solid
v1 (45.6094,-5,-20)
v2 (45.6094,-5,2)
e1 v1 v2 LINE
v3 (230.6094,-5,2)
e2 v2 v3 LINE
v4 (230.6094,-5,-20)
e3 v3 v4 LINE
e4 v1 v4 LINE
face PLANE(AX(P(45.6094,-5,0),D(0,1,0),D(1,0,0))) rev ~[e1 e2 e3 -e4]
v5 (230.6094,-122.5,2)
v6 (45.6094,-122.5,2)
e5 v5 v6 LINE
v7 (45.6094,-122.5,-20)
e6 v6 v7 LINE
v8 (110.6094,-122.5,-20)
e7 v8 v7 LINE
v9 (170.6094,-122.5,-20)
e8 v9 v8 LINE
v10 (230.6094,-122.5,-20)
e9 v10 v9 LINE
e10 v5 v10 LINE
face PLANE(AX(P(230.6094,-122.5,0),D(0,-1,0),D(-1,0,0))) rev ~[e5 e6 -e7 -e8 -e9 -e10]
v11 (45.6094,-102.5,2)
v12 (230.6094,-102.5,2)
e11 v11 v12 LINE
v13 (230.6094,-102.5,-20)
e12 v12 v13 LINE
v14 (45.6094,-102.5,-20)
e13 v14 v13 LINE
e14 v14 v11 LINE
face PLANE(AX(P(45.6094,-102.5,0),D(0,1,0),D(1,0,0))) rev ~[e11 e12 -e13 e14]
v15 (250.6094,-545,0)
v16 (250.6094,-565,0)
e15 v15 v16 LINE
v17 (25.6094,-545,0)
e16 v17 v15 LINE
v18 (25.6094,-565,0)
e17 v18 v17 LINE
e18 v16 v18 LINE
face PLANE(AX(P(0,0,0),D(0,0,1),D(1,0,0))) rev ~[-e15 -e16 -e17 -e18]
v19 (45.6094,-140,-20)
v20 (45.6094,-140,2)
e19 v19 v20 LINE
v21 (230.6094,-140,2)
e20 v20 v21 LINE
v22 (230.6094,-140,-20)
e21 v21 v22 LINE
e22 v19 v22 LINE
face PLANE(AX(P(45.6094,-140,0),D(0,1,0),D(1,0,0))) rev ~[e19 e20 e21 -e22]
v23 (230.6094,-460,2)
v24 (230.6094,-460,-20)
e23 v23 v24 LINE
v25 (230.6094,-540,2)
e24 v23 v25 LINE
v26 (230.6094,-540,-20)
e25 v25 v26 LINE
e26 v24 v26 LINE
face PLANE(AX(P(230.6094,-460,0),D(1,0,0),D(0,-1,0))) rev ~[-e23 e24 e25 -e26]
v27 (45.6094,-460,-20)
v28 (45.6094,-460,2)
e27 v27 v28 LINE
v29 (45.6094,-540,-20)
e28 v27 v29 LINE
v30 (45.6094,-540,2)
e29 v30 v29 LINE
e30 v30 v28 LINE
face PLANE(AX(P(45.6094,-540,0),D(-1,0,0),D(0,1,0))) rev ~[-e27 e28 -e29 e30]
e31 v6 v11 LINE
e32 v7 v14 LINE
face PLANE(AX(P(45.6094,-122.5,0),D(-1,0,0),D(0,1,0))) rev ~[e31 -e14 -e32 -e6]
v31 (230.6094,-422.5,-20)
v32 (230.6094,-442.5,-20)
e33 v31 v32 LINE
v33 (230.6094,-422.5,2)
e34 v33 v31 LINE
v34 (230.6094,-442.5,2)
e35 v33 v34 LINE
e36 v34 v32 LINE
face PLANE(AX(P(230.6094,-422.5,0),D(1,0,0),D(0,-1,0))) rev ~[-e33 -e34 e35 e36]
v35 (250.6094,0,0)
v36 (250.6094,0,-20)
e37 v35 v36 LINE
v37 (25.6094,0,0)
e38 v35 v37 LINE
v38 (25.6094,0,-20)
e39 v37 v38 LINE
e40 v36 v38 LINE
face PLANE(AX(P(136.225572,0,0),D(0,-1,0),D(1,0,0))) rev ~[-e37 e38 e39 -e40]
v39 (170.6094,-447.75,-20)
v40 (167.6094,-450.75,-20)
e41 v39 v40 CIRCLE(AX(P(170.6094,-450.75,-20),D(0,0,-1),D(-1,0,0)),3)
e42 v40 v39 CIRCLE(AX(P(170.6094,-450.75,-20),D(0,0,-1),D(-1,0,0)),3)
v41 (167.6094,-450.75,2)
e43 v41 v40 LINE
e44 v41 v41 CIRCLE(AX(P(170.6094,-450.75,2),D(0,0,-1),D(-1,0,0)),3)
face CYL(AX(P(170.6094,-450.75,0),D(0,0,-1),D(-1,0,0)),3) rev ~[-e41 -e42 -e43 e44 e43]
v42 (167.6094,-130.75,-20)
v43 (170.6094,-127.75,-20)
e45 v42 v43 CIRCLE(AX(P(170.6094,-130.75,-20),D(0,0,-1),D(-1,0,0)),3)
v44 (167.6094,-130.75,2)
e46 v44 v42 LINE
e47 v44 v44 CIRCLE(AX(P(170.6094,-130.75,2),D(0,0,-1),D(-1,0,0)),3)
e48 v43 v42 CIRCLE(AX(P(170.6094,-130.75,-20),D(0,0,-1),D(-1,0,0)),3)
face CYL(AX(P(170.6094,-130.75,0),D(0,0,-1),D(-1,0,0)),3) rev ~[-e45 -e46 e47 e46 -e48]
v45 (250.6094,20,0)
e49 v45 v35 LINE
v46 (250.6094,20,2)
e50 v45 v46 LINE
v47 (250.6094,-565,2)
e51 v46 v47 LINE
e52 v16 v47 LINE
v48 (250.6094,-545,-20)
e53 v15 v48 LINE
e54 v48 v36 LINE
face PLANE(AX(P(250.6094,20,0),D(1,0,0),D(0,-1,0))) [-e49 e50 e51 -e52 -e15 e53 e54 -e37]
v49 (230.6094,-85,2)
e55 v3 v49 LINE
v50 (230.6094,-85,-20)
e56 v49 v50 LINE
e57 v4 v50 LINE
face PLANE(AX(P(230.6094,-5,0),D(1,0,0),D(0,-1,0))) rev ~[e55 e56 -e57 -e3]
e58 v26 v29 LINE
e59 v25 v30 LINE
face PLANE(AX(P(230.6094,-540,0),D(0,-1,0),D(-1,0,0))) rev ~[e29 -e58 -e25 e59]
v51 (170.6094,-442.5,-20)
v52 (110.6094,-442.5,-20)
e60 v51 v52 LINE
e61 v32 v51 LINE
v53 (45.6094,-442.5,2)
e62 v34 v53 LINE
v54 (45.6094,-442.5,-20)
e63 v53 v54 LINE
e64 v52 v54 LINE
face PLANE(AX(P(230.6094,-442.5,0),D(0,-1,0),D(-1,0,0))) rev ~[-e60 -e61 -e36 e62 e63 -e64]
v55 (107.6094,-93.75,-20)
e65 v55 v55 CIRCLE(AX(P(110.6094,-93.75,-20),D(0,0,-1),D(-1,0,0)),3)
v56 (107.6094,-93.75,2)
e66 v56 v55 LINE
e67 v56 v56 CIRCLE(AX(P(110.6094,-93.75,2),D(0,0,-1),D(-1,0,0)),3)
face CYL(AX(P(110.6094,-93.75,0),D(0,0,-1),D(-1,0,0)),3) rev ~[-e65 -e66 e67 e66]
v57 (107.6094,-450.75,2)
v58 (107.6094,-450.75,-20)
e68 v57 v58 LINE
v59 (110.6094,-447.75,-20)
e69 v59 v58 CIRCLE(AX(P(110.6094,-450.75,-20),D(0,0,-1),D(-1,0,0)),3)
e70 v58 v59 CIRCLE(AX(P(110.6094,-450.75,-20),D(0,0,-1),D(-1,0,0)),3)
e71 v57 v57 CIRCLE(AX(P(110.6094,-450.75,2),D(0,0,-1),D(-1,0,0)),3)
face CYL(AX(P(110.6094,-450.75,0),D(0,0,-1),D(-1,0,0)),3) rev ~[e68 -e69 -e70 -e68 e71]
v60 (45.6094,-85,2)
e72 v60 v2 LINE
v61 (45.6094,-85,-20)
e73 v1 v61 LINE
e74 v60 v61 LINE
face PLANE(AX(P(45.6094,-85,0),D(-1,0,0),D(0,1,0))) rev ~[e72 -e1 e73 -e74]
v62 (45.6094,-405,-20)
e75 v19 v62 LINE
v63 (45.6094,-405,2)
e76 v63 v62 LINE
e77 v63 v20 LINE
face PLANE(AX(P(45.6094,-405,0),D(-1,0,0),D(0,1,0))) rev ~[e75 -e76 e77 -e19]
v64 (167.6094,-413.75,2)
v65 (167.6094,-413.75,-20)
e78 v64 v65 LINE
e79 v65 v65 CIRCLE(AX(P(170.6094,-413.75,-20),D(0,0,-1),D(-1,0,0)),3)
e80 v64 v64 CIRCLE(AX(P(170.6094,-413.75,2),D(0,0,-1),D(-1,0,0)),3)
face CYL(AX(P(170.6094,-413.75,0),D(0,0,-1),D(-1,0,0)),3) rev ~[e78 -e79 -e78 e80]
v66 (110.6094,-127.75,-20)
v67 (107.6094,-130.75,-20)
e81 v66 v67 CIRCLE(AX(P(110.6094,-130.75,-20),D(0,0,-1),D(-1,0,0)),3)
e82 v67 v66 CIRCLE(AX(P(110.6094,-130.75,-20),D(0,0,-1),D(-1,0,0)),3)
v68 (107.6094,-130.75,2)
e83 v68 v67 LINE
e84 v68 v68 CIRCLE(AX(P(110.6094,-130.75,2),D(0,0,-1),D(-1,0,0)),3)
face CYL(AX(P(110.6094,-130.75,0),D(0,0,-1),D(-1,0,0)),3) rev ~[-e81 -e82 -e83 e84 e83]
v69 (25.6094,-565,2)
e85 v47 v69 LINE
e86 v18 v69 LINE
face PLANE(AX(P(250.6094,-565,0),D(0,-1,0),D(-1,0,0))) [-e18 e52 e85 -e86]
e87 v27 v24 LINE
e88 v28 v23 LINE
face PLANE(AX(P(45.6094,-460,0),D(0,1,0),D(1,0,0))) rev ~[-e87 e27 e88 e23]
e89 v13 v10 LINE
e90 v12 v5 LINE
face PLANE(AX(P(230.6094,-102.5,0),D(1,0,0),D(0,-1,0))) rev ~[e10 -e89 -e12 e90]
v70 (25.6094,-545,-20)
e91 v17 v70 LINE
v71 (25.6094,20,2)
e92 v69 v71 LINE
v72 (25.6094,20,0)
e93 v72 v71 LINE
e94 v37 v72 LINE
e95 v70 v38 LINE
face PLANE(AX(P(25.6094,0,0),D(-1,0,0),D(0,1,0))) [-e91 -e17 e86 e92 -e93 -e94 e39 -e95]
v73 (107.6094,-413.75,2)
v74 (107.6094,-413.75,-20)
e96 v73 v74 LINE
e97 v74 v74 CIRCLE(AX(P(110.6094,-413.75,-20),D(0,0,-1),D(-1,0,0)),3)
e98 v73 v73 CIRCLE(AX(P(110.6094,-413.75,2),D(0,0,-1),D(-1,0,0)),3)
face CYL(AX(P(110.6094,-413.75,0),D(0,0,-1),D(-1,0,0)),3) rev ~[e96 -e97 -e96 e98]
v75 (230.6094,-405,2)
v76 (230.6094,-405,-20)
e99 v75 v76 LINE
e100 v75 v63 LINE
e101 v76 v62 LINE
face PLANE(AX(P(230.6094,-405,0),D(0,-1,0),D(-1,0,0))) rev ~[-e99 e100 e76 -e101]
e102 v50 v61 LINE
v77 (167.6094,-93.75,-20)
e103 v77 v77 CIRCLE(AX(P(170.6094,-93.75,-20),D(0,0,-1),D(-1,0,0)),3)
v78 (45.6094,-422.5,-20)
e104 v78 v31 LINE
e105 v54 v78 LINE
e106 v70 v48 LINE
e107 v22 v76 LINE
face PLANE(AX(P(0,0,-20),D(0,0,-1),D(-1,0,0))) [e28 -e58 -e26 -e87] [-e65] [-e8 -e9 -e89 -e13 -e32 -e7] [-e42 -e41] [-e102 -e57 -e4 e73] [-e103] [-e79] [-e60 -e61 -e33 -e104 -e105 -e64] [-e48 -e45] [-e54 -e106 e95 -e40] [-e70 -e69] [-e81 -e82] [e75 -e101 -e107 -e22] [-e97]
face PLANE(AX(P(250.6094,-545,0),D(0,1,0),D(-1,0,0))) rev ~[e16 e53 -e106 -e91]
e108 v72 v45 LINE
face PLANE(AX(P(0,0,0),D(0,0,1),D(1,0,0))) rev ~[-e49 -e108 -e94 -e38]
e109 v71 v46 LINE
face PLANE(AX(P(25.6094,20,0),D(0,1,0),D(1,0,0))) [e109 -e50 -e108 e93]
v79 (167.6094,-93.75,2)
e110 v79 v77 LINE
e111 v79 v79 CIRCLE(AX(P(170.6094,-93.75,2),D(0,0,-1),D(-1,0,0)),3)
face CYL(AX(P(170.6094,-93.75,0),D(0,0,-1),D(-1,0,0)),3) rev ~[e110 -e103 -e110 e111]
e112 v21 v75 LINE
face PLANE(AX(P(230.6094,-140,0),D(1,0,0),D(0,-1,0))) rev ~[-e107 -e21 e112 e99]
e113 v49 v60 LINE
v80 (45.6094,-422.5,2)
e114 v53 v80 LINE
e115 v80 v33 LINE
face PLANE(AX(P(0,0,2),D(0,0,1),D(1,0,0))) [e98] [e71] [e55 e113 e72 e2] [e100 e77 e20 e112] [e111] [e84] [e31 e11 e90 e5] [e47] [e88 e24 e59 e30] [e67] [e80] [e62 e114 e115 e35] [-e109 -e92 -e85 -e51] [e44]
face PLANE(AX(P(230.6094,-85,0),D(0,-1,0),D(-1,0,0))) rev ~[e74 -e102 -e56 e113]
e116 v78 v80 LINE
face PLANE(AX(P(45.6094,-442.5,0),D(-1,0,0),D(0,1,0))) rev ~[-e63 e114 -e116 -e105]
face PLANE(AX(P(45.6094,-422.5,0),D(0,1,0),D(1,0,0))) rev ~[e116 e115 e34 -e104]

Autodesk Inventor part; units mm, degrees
ref_plane "YZ Plane" through (0, 0, 0) normal (1, 0, 0) x (0, 1, 0)
ref_plane "XZ Plane" through (0, 0, 0) normal (0, 1, 0) x (-1, 0, 0)
ref_plane "XY Plane" through (0, 0, 0) normal (0, 0, 1) x (1, 0, 0)
sketch "草圖1" plane through (0, 0, 0) normal (0, 0, 1) x (1, 0, 0)
  line L0 (0, 0) -> (25, 0)
  line L1 (25.6094, 0) -> (25.6094, 20)
  line L2 (25.6094, 20) -> (250.6094, 20)
  line L3 (250.6094, 20) -> (250.6094, -565)
  line L4 (250.6094, -565) -> (25.6094, -565)
  line L5 (25.6094, -565) -> (25.6094, 20)
  line L6 (25.6094, 0) -> (25.6094, -5)
  line L7 (45.6094, -5) -> (230.6094, -5)
  line L8 (230.6094, -5) -> (230.6094, -85)
  line L9 (230.6094, -85) -> (45.6094, -85)
  line L10 (45.6094, -85) -> (45.6094, -5)
  line L11 (45.6094, -102.5) -> (230.6094, -102.5)
  line L12 (230.6094, -102.5) -> (230.6094, -122.5)
  line L13 (230.6094, -122.5) -> (45.6094, -122.5)
  line L14 (45.6094, -122.5) -> (45.6094, -102.5)
  line L15 (45.6094, -140) -> (230.6094, -140)
  line L16 (230.6094, -140) -> (230.6094, -405)
  line L17 (230.6094, -405) -> (45.6094, -405)
  line L18 (45.6094, -405) -> (45.6094, -140)
  line L19 (45.6094, -422.5) -> (230.6094, -422.5)
  line L20 (230.6094, -422.5) -> (230.6094, -442.5)
  line L21 (230.6094, -442.5) -> (45.6094, -442.5)
  line L22 (45.6094, -442.5) -> (45.6094, -422.5)
  line L23 (45.6094, -460) -> (230.6094, -460)
  line L24 (230.6094, -460) -> (230.6094, -540)
  line L25 (230.6094, -540) -> (45.6094, -540)
  line L26 (45.6094, -540) -> (45.6094, -460)
  dimension "d0" = 25
  dimension "d1" = 20
  dimension "d2" = 225
  dimension "d3" = 585
  dimension "d4" = 5
  dimension "d6" = 20
  dimension "d9" = 185
  dimension "d10" = 80
  dimension "d11" = 185
  dimension "d13" = 185
  dimension "d14" = 20
  dimension "d16" = 185
  dimension "d17" = 265
  dimension "d19" = 185
  dimension "d20" = 20
  dimension "d22" = 185
  dimension "d23" = 80
extrude "擠出1" add sketch "草圖1" along normal blind 2
sketch "草圖2" plane through (0, 0, 0) normal (0, 0, -1) x (-1, 0, 0)
  line L0 (-250.6094, -565) -> (-250.6094, 20) projected
  line L1 (-250.6094, -565) -> (-250.6094, -545)
  line L2 (-25.6094, 20) -> (-25.6094, -565) projected
  line L3 (-250.6094, -545) -> (-25.6094, -545)
  line L4 (-25.6094, -545) -> (-25.6094, 0)
  line L5 (-25.6094, 0) -> (-250.6094, 0)
  line L6 (-250.6094, 0) -> (-250.6094, -545)
  line L7 (-230.6094, -460) -> (-230.6094, -540) projected
  line L8 (-45.6094, -540) -> (-45.6094, -460) projected
  line L9 (-230.6094, -540) -> (-45.6094, -540)
  line L10 (-45.6094, -540) -> (-45.6094, -460)
  line L11 (-45.6094, -460) -> (-230.6094, -460)
  line L12 (-230.6094, -460) -> (-230.6094, -540)
  line L13 (-230.6094, -442.5) -> (-45.6094, -442.5) projected
  line L14 (-230.6094, -442.5) -> (-45.6094, -442.5)
  line L15 (-45.6094, -442.5) -> (-45.6094, -422.5)
  line L16 (-45.6094, -422.5) -> (-230.6094, -422.5)
  line L17 (-230.6094, -422.5) -> (-230.6094, -442.5)
  line L18 (-230.6094, -405) -> (-45.6094, -405) projected
  line L19 (-230.6094, -405) -> (-45.6094, -405)
  line L20 (-45.6094, -405) -> (-45.6094, -140)
  line L21 (-45.6094, -140) -> (-230.6094, -140)
  line L22 (-230.6094, -140) -> (-230.6094, -405)
  line L23 (-230.6094, -122.5) -> (-45.6094, -122.5) projected
  line L24 (-45.6094, -102.5) -> (-230.6094, -102.5) projected
  line L25 (-230.6094, -122.5) -> (-45.6094, -122.5)
  line L26 (-45.6094, -122.5) -> (-45.6094, -102.5)
  line L27 (-45.6094, -102.5) -> (-230.6094, -102.5)
  line L28 (-230.6094, -102.5) -> (-230.6094, -122.5)
  line L29 (-230.6094, -85) -> (-45.6094, -85) projected
  line L30 (-45.6094, -5) -> (-230.6094, -5) projected
  line L31 (-230.6094, -85) -> (-45.6094, -85)
  line L32 (-45.6094, -85) -> (-45.6094, -5)
  line L33 (-45.6094, -5) -> (-230.6094, -5)
  line L34 (-230.6094, -5) -> (-230.6094, -85)
  circle A0 centre (-25.6094, -102.5) radius 8.75
  line L35 (-25.6094, 20) -> (-25.6094, -565) projected
  circle A1 centre (-25.6094, -93.75) radius 85
  circle A2 centre (-25.6094, -93.75) radius 145
  circle A3 centre (-170.6094, -93.75) radius 3
  circle A4 centre (-110.6094, -93.75) radius 3
  line L36 (-170.6094, -93.75) -> (-170.6094, -130.75)
  line L37 (-110.6094, -93.75) -> (-110.6094, -130.75)
  circle A5 centre (-110.6094, -130.75) radius 3
  circle A6 centre (-170.6094, -130.75) radius 3
  circle A7 centre (-25.6094, -422.5) radius 8.75
  circle A8 centre (-25.6094, -413.75) radius 85
  circle A9 centre (-25.6094, -413.75) radius 145
  circle A10 centre (-170.6094, -413.75) radius 3
  circle A11 centre (-110.6094, -413.75) radius 3
  line L38 (-110.6094, -413.75) -> (-110.6094, -450.75)
  line L39 (-170.6094, -413.75) -> (-170.6094, -450.75)
  circle A12 centre (-170.6094, -450.75) radius 3
  circle A13 centre (-110.6094, -450.75) radius 3
  point P0 (0, 0)
  dimension "d33" = 17.5
  dimension "d34" = 170
  dimension "d35" = 290
  dimension "d42" = 17.5
  dimension "d43" = 170
  dimension "d44" = 290
  dimension "d26" = 20
  dimension "d27" = 185
  dimension "d28" = 20
  dimension "d29" = 185
  dimension "d30" = 265
  dimension "d36" = 6
  dimension "d37" = 6
  dimension "d38" = 37
  dimension "d39" = 37
  dimension "d40" = 6
  dimension "d41" = 6
  dimension "d45" = 6
  dimension "d46" = 6
  dimension "d47" = 37
  dimension "d48" = 6
  dimension "d49" = 6
extrude "擠出2" add sketch "草圖2" along normal blind 20 contours A12 | A6 | L0 L5 A2 L30 L34 L29 A3 L36 L24 L28 L23 L21 L22 L18 A9 A10 L39 L16 L17 L13 L11 L7 L9 L3 | A9 L9 L8 A8 L2 L3 | L5 L2 A1 L32 L30 A2 | A8 L8 L11 L13 L15 L16 A11 L18 L20 L2 A7 | A13 | A9 L13 A8 L11 | L2 A0 A1 L20 L21 L23 L26 L24 A4 L29 L32 | A2 L20 A1 L2 | L2 A9 L20 A2 | L29 A1 A4 L37 L24 A2 A3 | A7 L2 | L2 A8 L20 A9 | L2 A0 | A3 A2 | A2 L36 A3 | A9 A10 L18 A8 A11 L38 L16 | L16 L39 A10 A9 | A5 | A2 L23 A1 L21 | A4 A1 | A1 L37 A4 | A2 A3 L36 | A3 A2 L24 L36 | L16 L38 A11 A8 | A10 L39 A9 | A9 A10 | A1 A4 L37 | A4 A1 L24 L37 | A11 L38 A8 | A8 A11 | A10 A9 L39 | A11 A8 L38 picked at (-27.5435, -424.6832) picked at (-30.39, -103.7836)
extrude "擠出3" cut sketch "草圖2" along normal through all both and the other way through all contours A12 | A6 | A13 | A3 A2 | A2 L36 A3 | A5 | A4 A1 | A1 L37 A4 | A2 A3 L36 | A10 L39 A9 | A9 A10 | A1 A4 L37 | A11 L38 A8 | A8 A11 | A10 A9 L39 | A11 A8 L38
properties part number "DOF10"
